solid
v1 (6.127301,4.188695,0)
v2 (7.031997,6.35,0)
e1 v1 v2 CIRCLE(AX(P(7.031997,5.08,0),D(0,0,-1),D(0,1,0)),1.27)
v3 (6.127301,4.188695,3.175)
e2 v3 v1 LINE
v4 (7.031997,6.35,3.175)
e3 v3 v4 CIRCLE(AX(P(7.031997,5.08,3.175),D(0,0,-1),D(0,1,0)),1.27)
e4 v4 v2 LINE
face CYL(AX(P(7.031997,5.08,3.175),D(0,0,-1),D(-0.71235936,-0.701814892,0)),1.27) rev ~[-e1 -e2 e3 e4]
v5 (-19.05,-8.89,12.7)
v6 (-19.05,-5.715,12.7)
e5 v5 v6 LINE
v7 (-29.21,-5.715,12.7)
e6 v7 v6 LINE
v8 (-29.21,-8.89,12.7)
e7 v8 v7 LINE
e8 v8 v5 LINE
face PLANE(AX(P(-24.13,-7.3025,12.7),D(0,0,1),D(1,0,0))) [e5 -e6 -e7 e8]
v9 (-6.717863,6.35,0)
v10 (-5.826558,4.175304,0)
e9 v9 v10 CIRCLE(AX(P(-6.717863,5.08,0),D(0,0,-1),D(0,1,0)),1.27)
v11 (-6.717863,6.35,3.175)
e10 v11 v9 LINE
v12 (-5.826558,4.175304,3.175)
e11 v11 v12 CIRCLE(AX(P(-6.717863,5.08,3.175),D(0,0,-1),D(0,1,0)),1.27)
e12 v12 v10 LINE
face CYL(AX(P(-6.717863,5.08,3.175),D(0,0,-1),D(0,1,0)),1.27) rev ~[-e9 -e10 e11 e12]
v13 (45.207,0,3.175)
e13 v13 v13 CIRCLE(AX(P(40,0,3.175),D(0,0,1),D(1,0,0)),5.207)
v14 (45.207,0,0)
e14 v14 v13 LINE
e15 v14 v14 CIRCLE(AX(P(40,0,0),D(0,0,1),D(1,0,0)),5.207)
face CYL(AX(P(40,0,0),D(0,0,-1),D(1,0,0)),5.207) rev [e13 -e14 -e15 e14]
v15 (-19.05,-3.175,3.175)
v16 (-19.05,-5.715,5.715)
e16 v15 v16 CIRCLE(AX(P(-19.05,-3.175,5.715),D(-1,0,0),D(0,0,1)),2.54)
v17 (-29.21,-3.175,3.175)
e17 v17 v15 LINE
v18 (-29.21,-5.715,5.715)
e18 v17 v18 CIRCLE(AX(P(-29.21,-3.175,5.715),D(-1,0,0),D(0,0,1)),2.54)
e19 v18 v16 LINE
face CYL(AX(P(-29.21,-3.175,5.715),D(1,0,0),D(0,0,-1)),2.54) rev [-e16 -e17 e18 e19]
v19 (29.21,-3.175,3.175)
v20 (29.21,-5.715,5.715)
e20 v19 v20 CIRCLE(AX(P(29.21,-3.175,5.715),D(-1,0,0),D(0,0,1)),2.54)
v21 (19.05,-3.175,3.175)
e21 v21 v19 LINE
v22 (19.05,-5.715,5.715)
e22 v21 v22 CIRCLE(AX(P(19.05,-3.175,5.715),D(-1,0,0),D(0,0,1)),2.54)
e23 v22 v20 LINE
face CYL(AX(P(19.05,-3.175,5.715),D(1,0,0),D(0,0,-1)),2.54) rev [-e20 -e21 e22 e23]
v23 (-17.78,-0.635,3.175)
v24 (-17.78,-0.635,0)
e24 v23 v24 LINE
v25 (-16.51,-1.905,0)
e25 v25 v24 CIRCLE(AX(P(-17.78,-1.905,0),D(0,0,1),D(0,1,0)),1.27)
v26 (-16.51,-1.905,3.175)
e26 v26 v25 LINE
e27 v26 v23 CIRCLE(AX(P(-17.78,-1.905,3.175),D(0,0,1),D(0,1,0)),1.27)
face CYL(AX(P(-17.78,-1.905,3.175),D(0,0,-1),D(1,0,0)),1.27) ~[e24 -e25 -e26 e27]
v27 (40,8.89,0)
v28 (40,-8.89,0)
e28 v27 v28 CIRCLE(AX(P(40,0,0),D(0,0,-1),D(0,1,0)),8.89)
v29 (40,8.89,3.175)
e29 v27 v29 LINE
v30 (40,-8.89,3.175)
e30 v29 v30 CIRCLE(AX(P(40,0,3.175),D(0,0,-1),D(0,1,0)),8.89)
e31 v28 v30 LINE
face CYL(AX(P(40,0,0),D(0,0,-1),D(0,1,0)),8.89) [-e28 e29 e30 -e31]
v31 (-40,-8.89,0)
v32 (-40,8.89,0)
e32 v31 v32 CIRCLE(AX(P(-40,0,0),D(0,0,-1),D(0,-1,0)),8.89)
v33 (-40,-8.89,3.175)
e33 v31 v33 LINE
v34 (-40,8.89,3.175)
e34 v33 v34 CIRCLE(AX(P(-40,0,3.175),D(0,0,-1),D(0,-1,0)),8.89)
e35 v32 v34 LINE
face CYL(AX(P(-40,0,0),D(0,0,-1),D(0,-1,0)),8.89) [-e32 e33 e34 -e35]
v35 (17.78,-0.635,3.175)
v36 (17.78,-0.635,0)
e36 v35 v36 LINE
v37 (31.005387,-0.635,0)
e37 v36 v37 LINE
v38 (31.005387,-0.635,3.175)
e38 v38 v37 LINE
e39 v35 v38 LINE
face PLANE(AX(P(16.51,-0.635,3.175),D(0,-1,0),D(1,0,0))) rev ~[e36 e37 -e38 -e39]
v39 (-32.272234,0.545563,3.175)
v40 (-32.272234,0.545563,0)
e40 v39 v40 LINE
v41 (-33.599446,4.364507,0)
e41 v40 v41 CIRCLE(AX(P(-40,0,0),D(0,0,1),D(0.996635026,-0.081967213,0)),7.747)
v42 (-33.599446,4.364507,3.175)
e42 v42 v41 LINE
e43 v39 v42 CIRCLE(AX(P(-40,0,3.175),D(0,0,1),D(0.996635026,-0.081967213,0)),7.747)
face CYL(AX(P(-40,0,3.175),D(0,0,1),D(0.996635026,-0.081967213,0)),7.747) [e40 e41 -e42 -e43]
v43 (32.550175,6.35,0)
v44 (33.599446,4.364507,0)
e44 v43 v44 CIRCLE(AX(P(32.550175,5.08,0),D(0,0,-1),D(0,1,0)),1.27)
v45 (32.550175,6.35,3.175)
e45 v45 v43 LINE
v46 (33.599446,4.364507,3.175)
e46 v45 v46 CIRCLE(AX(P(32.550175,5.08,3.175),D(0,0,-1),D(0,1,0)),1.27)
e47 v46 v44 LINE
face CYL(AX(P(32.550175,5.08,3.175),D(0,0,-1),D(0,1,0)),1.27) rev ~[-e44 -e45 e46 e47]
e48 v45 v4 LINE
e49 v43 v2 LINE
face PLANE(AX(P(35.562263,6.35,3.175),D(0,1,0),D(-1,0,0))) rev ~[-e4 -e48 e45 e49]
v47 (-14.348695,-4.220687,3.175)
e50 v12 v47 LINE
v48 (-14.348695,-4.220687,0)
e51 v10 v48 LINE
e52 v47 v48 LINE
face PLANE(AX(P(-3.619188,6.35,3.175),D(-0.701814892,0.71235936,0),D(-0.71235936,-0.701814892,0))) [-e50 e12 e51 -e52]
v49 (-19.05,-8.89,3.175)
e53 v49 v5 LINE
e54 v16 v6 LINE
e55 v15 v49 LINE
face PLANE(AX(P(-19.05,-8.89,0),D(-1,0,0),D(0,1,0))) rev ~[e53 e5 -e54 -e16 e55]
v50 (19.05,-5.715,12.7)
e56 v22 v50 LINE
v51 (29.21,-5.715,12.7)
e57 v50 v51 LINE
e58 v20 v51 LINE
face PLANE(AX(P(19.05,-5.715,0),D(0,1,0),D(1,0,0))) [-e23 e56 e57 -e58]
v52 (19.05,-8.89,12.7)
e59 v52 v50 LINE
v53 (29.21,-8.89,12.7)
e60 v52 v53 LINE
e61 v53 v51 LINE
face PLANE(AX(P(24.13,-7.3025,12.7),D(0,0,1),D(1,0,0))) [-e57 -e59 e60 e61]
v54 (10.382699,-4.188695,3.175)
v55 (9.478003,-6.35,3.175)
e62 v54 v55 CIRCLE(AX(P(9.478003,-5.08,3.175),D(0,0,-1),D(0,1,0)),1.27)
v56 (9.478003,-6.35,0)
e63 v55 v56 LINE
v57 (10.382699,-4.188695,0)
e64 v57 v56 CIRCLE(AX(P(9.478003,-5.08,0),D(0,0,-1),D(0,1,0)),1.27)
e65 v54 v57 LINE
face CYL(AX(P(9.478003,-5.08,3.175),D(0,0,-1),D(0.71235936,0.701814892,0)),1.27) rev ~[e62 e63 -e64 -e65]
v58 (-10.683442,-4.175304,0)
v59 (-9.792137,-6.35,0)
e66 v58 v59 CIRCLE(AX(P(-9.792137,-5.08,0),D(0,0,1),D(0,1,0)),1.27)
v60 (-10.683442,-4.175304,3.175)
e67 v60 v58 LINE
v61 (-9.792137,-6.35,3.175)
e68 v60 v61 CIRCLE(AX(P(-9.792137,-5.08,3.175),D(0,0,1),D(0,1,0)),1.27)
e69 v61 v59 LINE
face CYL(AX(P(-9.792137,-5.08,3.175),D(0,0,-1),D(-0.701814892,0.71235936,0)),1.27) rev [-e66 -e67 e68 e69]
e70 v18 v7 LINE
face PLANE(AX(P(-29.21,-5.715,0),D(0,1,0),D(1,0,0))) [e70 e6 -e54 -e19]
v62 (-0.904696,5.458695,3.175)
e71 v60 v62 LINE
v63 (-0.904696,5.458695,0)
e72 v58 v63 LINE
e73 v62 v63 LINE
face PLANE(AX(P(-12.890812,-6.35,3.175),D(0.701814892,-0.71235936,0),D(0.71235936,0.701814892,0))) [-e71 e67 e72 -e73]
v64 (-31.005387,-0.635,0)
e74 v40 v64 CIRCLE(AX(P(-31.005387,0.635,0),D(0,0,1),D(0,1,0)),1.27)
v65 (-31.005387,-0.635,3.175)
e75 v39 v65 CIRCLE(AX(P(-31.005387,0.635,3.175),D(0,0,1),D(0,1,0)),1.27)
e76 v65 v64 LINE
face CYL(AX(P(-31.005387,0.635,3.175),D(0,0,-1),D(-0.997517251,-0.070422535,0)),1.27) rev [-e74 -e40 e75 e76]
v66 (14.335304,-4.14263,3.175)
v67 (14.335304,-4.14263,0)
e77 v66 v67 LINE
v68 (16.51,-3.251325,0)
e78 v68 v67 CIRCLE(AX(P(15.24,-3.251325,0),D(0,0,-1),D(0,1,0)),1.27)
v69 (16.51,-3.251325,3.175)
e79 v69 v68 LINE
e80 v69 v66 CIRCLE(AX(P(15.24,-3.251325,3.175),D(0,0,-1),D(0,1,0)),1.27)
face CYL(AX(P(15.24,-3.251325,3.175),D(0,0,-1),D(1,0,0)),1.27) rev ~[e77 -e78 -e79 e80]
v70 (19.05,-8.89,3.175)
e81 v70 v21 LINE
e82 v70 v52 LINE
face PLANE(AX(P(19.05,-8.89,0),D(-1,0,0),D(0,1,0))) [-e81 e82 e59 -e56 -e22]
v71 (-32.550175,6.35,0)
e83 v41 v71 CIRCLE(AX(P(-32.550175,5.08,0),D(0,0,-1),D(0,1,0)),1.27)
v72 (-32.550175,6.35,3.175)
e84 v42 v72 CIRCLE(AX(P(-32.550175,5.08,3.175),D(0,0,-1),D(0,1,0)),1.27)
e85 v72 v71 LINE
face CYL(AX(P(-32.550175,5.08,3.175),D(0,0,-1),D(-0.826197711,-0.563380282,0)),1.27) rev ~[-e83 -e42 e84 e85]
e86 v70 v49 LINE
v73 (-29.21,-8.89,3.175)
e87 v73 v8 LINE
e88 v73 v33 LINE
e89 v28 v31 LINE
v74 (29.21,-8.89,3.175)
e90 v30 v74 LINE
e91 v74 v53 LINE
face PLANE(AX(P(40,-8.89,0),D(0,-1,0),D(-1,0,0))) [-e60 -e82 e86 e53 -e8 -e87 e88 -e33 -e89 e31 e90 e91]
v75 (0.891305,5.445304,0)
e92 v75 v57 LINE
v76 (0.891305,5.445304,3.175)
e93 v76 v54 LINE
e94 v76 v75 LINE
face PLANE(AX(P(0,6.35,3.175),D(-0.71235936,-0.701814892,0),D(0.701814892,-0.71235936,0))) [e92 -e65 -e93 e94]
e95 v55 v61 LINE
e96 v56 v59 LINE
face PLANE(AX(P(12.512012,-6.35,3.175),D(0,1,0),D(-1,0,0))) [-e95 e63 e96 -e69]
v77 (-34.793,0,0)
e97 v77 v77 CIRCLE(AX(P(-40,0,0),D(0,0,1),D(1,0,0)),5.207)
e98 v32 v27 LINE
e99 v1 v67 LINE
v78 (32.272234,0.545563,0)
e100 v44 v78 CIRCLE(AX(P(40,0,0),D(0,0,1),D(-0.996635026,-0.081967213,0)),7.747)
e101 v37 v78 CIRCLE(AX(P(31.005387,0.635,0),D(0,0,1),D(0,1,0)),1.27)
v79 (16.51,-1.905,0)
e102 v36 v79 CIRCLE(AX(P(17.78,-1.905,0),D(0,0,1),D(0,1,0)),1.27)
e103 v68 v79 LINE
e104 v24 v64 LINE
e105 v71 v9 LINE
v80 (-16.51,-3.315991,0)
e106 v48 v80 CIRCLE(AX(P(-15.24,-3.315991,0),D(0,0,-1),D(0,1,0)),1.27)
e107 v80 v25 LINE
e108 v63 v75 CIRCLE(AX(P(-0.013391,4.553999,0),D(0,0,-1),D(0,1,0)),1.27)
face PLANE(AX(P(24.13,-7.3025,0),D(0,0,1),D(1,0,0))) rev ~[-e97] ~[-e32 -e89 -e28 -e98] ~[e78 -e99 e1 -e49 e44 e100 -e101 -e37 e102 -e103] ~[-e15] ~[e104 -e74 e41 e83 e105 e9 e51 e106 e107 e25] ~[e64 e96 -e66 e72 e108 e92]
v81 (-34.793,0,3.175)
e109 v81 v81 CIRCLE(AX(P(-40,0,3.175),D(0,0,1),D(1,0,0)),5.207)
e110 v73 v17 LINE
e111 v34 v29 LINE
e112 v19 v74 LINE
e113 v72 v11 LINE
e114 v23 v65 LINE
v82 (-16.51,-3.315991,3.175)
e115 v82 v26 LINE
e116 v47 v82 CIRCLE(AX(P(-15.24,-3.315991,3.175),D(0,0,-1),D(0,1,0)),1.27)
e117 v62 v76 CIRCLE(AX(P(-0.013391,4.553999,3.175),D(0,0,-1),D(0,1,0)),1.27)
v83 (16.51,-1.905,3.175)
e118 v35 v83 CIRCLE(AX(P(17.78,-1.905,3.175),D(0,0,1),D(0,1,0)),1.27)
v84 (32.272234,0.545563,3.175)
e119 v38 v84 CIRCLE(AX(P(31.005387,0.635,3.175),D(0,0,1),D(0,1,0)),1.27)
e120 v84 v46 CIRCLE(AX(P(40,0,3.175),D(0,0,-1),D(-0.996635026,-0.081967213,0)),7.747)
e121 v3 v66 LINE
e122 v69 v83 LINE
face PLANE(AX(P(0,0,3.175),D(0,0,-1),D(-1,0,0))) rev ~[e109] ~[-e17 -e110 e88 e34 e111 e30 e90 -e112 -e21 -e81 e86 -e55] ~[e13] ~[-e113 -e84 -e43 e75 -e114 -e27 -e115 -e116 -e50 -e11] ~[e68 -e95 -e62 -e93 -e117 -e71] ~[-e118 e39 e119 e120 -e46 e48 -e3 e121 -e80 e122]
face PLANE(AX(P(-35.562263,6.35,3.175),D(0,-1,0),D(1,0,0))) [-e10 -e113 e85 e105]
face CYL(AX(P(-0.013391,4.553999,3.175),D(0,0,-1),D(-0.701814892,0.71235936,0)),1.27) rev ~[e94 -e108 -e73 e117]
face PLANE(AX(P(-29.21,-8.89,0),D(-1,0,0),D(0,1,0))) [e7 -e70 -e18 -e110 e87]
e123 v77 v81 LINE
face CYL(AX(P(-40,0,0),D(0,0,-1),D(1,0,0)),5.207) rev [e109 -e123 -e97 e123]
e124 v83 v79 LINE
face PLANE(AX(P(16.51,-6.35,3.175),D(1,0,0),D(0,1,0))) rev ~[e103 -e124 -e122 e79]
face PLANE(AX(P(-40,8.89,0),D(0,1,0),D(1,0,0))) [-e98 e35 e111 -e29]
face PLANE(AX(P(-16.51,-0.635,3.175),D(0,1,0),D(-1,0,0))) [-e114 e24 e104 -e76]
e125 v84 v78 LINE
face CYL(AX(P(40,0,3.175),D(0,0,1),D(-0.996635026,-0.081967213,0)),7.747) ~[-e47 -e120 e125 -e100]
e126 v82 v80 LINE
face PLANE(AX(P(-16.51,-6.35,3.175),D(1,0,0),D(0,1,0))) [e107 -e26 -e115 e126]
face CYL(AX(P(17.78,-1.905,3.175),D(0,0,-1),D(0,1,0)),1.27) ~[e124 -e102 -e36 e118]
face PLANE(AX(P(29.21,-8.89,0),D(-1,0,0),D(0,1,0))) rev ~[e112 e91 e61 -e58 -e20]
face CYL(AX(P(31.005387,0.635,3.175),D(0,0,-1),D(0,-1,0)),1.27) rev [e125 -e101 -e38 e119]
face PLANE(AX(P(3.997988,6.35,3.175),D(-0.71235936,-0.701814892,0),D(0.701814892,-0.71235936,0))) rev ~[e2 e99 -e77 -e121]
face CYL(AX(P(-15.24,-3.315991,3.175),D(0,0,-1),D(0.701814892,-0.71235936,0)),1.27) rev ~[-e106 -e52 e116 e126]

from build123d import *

# Parameters (mm, degrees)
SKETCH1_R           = 5.207
BOSS_EXTRUDE1_DEPTH = 3.175
SKETCH2_W           = 10.16
SKETCH2_H           = 3.175
BOSS_EXTRUDE2_DEPTH = 12.7
FILLET1_R           = 2.54
CUT_EXTRUDE1_DEPTH  = 51.596342012
FILLET2_R           = 1.27


with BuildPart() as part:
    # Sketch1 → Boss-Extrude1 (new body)
    with BuildSketch(Plane.XY):
        with BuildLine():
            Line((-40, 8.89), (40, 8.89))
            ThreePointArc((40, 8.89), (48.89, 0), (40, -8.89))
            Line((40, -8.89), (-40, -8.89))
            ThreePointArc((-40, -8.89), (-48.89, 0), (-40, 8.89))
        make_face()
        with Locations((-40, 0)):
            Circle(SKETCH1_R, mode=Mode.SUBTRACT)
        with Locations((40, 0)):
            Circle(SKETCH1_R, mode=Mode.SUBTRACT)
    extrude(amount=BOSS_EXTRUDE1_DEPTH)

    # Sketch2 → Boss-Extrude2 (add)
    with BuildSketch(Plane.XY):
        with Locations((24.13, -7.3025)):
            Rectangle(SKETCH2_W, SKETCH2_H)
        with Locations((-24.13, -7.3025)):
            Rectangle(SKETCH2_W, SKETCH2_H)
    extrude(amount=BOSS_EXTRUDE2_DEPTH)

    # Fillet1
    fillet1_edges = [part.edges().sort_by_distance(p)[0] for p in [
        (-24.13, -5.715, 3.175),
        (24.13, -5.715, 3.175),
    ]]
    fillet(fillet1_edges, radius=FILLET1_R)

    # Sketch3 → Cut-Extrude1 (cut, through all)
    with BuildSketch(Plane.XY.offset(3.175)):
        with BuildLine():
            Line((-31.75, -0.635), (-32.27906845, -0.635))
            ThreePointArc((-32.27906845, -0.635), (-32.98887591, 3.295473864), (-35.562263077, 6.35))
            Line((-35.562263077, 6.35), (-3.619187949, 6.35))
            Line((-3.619187949, 6.35), (-16.51, -6.35))
            Line((-16.51, -6.35), (-16.51, -0.635))
            Line((-16.51, -0.635), (-31.75, -0.635))
        make_face()
        with BuildLine():
            Line((31.75, -0.635), (32.27906845, -0.635))
            ThreePointArc((32.27906845, -0.635), (32.98887591, 3.295473864), (35.562263077, 6.35))
            Line((35.562263077, 6.35), (3.997987617, 6.35))
            Line((3.997987617, 6.35), (16.51, -6.35))
            Line((16.51, -6.35), (16.51, -0.635))
            Line((16.51, -0.635), (31.75, -0.635))
        make_face()
        Polygon((-12.890812051, -6.35), (0, 6.35), (12.512012383, -6.35), align=None)
    extrude(amount=-CUT_EXTRUDE1_DEPTH, mode=Mode.SUBTRACT)

    # Fillet2
    fillet2_edges = [part.edges().sort_by_distance(p)[0] for p in [
        (35.562263077, 6.35, 1.5875),
        (32.27906845, -0.635, 1.5875),
        (16.51, -0.635, 1.5875),
        (16.51, -6.35, 1.5875),
        (3.997987617, 6.35, 1.5875),
        (12.512012383, -6.35, 1.5875),
        (-12.890812051, -6.35, 1.5875),
        (0, 6.35, 1.5875),
        (-32.27906845, -0.635, 1.5875),
        (-35.562263077, 6.35, 1.5875),
        (-3.619187949, 6.35, 1.5875),
        (-16.51, -6.35, 1.5875),
        (-16.51, -0.635, 1.5875),
    ]]
    fillet(fillet2_edges, radius=FILLET2_R)


solid = part.part
